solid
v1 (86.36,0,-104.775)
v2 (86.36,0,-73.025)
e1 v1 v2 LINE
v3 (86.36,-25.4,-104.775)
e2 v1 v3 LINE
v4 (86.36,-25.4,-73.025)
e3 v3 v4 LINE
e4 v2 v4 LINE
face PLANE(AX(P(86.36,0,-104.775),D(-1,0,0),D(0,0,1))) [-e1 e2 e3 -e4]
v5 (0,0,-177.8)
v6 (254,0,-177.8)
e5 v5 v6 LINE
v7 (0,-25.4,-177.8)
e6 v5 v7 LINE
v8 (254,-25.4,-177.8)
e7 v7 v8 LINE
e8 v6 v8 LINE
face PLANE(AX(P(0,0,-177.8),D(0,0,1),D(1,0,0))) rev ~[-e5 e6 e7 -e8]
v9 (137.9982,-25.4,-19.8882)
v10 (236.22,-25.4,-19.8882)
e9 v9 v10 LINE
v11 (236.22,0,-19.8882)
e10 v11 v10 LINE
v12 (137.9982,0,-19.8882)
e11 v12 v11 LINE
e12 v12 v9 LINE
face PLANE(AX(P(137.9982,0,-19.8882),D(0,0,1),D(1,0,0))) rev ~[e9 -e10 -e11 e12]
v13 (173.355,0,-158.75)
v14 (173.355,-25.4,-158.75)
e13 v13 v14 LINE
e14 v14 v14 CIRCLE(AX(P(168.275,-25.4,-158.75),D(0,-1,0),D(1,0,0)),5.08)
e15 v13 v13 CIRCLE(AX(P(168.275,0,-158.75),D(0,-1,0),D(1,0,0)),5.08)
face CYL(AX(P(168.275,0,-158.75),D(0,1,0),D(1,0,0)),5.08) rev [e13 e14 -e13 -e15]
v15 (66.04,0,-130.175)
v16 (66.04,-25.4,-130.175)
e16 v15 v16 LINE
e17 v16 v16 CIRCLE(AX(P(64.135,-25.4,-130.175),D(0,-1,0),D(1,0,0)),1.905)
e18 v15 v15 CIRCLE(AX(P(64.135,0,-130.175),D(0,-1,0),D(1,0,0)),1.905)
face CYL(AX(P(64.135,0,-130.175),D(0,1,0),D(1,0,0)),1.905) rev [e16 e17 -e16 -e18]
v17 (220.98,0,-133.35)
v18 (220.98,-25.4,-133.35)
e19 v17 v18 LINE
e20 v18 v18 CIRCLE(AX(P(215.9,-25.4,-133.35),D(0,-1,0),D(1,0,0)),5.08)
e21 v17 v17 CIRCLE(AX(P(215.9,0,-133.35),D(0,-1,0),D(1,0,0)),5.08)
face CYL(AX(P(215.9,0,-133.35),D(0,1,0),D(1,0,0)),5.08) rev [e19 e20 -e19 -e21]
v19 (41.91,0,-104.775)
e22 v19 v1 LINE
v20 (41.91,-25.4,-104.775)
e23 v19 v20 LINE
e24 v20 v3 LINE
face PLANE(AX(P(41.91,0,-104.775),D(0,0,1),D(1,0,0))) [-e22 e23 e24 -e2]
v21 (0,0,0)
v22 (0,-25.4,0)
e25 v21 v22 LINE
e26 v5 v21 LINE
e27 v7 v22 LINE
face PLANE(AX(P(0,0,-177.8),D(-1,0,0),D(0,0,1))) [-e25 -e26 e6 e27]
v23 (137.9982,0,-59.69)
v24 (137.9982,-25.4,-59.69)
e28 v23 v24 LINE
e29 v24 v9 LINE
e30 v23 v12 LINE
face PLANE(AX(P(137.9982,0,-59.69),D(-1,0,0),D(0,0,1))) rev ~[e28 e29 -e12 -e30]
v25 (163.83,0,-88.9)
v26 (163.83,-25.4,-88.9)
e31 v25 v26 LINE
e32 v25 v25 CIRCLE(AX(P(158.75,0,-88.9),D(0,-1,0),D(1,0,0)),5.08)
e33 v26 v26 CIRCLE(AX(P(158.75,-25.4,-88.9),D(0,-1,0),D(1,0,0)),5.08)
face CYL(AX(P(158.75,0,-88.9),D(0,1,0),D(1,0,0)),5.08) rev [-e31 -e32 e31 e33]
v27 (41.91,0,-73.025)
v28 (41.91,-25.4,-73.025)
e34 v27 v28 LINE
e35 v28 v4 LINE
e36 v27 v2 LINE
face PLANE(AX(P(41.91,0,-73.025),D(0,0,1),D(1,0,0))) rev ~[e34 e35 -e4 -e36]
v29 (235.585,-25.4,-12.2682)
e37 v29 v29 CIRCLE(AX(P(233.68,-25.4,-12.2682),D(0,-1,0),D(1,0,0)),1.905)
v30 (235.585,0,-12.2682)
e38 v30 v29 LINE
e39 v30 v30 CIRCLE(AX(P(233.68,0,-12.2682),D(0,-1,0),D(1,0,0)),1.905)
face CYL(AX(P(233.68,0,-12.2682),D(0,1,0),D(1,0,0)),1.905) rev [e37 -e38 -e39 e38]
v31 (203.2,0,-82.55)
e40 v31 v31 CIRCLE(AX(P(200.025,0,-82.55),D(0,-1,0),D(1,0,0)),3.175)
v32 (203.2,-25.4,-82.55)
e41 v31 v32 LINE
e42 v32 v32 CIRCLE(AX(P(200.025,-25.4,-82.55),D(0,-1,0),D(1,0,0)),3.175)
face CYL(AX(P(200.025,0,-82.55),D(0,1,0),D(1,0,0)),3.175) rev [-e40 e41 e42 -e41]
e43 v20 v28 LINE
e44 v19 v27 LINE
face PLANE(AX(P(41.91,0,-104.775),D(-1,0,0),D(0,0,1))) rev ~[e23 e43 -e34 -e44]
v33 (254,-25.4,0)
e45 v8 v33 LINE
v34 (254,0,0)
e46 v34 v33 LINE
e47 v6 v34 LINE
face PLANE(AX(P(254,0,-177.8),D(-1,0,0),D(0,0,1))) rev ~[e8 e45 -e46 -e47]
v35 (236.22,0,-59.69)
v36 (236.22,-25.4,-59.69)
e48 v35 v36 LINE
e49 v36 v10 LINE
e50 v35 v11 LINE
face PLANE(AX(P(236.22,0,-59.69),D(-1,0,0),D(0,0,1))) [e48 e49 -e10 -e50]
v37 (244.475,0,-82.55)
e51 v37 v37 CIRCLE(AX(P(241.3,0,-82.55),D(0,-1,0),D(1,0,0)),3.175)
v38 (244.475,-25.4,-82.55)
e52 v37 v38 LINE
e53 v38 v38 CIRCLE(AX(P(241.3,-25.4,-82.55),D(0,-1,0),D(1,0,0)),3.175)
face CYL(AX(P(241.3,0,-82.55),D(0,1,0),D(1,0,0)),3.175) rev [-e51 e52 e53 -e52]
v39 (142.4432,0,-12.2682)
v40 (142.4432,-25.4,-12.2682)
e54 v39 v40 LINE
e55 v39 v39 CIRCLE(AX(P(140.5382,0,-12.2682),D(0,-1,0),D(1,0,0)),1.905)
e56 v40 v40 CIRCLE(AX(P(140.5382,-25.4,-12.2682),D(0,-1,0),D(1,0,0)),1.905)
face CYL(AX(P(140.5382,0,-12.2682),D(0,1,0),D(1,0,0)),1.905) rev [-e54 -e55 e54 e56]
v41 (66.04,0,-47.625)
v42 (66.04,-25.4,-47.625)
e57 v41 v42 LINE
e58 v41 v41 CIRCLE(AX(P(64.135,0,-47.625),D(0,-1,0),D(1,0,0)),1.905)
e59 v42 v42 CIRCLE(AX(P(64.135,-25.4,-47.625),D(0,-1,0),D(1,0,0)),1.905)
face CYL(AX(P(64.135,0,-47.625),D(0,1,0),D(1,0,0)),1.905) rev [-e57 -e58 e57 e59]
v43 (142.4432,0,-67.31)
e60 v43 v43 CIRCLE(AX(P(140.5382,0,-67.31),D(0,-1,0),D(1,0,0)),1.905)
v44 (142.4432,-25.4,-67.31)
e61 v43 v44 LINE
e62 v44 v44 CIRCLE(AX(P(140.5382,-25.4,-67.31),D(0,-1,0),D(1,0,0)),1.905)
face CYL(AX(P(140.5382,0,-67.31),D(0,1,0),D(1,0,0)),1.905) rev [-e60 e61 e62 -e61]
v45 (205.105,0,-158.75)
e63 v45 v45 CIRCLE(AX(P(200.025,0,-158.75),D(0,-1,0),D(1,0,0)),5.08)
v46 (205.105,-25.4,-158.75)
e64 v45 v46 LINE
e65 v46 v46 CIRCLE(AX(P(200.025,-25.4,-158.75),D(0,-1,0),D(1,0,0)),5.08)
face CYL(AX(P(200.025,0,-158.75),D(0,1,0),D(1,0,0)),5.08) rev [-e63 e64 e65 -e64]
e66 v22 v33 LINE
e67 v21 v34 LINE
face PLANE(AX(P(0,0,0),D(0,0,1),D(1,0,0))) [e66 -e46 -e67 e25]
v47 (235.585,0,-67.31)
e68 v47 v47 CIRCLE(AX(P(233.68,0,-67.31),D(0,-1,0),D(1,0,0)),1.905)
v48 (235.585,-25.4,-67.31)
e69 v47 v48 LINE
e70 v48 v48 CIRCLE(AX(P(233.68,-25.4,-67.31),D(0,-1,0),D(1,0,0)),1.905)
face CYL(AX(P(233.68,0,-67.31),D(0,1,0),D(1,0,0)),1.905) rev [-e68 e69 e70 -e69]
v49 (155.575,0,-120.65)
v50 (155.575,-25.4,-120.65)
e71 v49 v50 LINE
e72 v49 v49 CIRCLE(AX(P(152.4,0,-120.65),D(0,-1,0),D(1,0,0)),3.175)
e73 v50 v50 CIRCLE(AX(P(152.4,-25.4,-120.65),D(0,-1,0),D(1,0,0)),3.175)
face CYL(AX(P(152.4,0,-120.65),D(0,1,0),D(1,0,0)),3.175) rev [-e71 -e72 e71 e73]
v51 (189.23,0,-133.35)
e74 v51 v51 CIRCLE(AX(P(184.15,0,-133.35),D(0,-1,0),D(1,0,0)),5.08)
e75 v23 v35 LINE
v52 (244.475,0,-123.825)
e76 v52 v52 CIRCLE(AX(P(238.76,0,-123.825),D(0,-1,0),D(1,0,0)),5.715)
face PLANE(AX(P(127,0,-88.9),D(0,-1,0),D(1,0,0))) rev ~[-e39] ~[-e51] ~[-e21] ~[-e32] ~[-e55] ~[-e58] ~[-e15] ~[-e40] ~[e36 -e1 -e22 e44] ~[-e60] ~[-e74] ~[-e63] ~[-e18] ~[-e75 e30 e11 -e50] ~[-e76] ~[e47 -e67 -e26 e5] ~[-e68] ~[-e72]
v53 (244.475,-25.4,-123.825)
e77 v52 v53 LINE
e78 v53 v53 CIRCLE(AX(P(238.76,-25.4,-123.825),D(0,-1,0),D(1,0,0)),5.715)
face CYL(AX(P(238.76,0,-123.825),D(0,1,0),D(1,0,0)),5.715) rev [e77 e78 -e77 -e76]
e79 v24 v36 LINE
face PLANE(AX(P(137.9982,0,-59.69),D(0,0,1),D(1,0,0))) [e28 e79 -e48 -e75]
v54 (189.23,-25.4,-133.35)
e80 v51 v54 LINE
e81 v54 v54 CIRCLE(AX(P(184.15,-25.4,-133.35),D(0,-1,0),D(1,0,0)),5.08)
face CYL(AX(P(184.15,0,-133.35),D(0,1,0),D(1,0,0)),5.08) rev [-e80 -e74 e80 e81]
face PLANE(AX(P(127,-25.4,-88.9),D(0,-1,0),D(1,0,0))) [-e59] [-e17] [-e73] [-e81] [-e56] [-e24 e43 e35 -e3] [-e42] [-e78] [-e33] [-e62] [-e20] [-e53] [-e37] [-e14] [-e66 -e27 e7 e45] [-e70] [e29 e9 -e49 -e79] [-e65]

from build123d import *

# Parameters (mm, degrees)
F0_W     = 254
F0_H     = 177.8
F0_R     = 1.905
F0_R_2   = 5.08
F0_R_3   = 3.175
F0_R_4   = 5.715
F0_W_2   = 44.45
F0_H_2   = 31.75
F0_W_3   = 98.2218
F0_H_3   = 39.8018
F1_DEPTH = 25.4


with BuildPart() as f1:
    # F0 (on Front) → F1 (new body)
    with BuildSketch(Plane.XZ):
        with Locations((127, -88.9)):
            Rectangle(F0_W, F0_H)
        with Locations((64.135, -130.175)):
            Circle(F0_R, mode=Mode.SUBTRACT)
        with Locations((168.275, -158.75)):
            Circle(F0_R_2, mode=Mode.SUBTRACT)
        with Locations((200.025, -158.75)):
            Circle(F0_R_2, mode=Mode.SUBTRACT)
        with Locations((152.4, -120.65)):
            Circle(F0_R_3, mode=Mode.SUBTRACT)
        with Locations((184.15, -133.35)):
            Circle(F0_R_2, mode=Mode.SUBTRACT)
        with Locations((215.9, -133.35)):
            Circle(F0_R_2, mode=Mode.SUBTRACT)
        with Locations((238.76, -123.825)):
            Circle(F0_R_4, mode=Mode.SUBTRACT)
        with Locations((64.135, -88.9)):
            Rectangle(F0_W_2, F0_H_2, mode=Mode.SUBTRACT)
        with Locations((64.135, -47.625)):
            Circle(F0_R, mode=Mode.SUBTRACT)
        with Locations((140.5382, -67.31)):
            Circle(F0_R, mode=Mode.SUBTRACT)
        with Locations((158.75, -88.9)):
            Circle(F0_R_2, mode=Mode.SUBTRACT)
        with Locations((200.025, -82.55)):
            Circle(F0_R_3, mode=Mode.SUBTRACT)
        with Locations((241.3, -82.55)):
            Circle(F0_R_3, mode=Mode.SUBTRACT)
        with Locations((233.68, -67.31)):
            Circle(F0_R, mode=Mode.SUBTRACT)
        with Locations((187.1091, -39.7891)):
            Rectangle(F0_W_3, F0_H_3, mode=Mode.SUBTRACT)
        with Locations((140.5382, -12.2682)):
            Circle(F0_R, mode=Mode.SUBTRACT)
        with Locations((233.68, -12.2682)):
            Circle(F0_R, mode=Mode.SUBTRACT)
    extrude(amount=F1_DEPTH)


solid = f1.part
